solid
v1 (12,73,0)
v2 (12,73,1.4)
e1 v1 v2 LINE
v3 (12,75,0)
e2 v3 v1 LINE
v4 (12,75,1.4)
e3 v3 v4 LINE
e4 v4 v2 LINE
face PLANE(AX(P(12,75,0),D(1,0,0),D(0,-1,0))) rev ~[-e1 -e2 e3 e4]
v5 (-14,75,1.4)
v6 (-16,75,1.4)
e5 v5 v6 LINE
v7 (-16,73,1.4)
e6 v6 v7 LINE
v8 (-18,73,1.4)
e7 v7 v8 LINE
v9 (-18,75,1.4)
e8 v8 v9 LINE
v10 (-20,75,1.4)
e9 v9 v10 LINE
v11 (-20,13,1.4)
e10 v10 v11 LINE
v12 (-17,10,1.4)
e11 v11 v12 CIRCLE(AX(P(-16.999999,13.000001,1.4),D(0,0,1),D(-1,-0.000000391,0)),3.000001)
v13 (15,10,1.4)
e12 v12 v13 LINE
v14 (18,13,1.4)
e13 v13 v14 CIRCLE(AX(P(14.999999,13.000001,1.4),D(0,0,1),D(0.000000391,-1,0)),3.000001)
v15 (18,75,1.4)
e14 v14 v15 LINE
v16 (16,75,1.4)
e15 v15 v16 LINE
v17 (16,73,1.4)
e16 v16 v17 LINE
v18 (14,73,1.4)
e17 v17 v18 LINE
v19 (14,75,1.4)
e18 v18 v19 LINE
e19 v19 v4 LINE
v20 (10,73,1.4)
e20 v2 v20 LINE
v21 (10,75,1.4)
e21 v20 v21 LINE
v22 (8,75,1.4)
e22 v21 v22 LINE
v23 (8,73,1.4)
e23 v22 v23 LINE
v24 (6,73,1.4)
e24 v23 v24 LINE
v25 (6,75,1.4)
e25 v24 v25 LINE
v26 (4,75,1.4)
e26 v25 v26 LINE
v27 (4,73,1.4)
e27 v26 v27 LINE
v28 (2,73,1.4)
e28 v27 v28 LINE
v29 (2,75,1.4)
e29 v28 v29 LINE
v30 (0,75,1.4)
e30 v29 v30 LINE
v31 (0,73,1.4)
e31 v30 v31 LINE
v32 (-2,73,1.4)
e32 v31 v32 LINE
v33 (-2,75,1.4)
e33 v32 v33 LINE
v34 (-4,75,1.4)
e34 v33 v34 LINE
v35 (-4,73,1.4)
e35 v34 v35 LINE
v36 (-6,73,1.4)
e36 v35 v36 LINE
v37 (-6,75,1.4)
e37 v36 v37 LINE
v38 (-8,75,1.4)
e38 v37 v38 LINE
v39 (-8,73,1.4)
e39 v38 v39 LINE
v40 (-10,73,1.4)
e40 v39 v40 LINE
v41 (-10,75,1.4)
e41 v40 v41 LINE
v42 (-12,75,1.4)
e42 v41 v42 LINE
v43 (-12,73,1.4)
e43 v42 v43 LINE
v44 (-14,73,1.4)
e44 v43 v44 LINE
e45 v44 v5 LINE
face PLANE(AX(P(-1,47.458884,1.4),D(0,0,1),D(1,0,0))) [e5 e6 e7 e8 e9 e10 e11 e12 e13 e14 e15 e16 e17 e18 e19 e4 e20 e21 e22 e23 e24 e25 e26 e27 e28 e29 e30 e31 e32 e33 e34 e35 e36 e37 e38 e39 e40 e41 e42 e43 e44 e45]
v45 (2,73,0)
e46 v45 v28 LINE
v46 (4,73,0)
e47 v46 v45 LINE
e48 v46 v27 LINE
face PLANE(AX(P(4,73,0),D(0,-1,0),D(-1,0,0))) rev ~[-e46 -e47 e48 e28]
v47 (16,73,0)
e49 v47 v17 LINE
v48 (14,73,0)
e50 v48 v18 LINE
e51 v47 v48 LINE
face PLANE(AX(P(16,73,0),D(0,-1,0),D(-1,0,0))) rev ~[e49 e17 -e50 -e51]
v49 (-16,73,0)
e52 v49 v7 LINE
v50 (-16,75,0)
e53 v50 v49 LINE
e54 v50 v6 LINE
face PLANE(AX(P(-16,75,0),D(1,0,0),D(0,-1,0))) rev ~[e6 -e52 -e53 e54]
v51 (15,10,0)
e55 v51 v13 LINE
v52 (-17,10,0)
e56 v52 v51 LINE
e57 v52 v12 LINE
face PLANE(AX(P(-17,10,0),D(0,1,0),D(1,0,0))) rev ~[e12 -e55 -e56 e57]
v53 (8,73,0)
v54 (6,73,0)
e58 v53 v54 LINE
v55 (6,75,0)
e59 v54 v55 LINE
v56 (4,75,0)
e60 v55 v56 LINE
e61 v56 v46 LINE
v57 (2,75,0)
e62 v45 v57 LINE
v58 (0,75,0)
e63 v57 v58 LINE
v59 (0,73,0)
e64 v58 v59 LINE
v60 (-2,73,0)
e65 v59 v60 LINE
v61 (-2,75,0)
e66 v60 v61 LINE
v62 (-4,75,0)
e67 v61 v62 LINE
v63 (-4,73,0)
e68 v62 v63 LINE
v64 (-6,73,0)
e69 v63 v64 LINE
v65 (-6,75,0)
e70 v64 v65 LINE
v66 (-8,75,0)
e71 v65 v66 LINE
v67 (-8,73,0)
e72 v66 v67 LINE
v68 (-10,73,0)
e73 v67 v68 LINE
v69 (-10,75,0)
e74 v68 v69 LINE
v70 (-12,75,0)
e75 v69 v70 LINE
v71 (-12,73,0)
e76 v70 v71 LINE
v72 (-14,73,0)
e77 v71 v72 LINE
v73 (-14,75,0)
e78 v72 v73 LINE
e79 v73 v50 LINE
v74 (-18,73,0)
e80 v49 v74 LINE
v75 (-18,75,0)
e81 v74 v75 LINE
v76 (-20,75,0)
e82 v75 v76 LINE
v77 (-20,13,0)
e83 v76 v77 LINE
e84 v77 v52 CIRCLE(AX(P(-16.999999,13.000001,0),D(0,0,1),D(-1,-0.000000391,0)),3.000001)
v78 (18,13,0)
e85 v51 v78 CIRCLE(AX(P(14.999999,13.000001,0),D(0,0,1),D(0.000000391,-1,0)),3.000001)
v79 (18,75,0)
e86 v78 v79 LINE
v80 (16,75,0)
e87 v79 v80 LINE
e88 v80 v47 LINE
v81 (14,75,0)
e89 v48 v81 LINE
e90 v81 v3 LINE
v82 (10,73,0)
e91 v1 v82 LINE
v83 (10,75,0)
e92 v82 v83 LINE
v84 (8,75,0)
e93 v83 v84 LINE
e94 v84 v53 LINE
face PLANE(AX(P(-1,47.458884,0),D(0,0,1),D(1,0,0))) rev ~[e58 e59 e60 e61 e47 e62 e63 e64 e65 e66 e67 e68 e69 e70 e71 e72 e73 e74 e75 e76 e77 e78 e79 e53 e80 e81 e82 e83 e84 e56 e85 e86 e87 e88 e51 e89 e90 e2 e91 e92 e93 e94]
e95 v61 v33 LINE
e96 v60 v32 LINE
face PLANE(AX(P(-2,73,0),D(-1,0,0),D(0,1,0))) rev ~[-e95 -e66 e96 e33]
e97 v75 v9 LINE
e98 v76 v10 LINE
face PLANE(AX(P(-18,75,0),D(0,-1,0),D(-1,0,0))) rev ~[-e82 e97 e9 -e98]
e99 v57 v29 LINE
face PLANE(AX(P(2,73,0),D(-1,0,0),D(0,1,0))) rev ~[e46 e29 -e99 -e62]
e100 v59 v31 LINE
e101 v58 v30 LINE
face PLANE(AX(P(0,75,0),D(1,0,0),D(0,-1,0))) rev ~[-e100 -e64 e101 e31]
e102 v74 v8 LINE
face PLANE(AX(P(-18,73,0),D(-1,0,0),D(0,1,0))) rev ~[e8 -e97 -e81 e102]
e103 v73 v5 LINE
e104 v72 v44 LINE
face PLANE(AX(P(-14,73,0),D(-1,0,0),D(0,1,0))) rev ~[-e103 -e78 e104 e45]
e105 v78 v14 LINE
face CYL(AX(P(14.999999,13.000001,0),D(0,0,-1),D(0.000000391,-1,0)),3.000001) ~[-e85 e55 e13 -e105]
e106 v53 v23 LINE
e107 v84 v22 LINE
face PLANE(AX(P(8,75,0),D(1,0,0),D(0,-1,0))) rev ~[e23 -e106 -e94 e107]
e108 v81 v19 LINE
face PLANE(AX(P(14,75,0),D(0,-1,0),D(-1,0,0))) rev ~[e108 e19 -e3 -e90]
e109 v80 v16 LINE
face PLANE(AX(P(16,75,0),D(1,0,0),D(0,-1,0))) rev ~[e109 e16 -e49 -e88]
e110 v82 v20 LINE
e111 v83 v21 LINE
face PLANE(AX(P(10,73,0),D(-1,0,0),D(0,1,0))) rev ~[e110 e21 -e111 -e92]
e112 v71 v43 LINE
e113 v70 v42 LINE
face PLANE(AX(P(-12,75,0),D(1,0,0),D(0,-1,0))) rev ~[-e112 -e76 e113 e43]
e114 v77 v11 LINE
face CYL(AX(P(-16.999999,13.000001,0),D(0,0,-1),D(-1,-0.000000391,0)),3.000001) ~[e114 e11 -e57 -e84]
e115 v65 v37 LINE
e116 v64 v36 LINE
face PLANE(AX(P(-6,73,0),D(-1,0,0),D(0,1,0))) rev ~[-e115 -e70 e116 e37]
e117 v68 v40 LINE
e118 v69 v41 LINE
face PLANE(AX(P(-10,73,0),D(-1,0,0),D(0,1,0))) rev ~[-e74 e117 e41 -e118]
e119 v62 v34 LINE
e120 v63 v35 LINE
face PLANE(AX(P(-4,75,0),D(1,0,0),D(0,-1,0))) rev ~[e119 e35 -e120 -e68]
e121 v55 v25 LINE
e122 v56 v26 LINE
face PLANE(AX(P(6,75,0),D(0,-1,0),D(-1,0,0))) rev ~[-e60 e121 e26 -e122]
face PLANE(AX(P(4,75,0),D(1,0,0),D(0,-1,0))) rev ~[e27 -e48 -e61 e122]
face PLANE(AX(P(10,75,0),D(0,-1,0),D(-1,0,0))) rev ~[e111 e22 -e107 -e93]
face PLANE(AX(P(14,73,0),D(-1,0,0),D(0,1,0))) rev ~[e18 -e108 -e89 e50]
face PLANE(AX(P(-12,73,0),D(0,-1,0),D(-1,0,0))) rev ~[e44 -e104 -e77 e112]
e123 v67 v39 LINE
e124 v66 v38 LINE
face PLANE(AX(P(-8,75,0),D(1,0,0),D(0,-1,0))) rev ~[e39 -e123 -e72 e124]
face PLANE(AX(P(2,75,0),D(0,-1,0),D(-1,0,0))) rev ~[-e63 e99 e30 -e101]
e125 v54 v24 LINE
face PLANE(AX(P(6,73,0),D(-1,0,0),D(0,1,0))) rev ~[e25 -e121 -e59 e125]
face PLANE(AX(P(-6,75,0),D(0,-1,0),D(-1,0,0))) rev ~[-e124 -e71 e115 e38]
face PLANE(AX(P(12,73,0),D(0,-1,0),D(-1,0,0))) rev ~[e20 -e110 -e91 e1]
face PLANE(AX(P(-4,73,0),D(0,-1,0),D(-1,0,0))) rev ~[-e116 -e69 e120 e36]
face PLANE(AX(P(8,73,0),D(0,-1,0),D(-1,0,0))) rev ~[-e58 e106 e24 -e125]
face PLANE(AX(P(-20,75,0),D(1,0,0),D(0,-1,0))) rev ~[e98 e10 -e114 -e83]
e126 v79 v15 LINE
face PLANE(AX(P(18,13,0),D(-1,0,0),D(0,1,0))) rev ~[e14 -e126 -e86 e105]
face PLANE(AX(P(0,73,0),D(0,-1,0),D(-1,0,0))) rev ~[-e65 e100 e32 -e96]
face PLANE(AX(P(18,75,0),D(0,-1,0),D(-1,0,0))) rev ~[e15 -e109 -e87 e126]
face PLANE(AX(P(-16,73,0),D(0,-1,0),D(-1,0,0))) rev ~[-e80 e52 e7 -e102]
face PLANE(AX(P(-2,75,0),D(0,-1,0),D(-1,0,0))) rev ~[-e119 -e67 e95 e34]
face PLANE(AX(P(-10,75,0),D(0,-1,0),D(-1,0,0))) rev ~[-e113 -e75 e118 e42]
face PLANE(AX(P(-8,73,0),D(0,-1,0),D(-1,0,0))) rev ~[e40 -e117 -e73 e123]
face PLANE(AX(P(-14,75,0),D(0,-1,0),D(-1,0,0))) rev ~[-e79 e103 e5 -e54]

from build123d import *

# Parameters (mm, degrees)
F1_DEPTH = 1.4


with BuildPart() as f1:
    # F0 (on Top) → F1 (new body)
    with BuildSketch(Plane.XY):
        with BuildLine():
            Line((-18, 75), (-20, 75))
            Line((-20, 75), (-20, 73))
            Line((-20, 73), (-20, 13))
            ThreePointArc((-20, 13), (-19.12132, 10.87868), (-17, 10))
            Line((-17, 10), (-13, 10))
            Line((-13, 10), (13, 10))
            Line((13, 10), (15, 10))
            ThreePointArc((15, 10), (17.12132, 10.87868), (18, 13))
            Line((18, 13), (18, 73))
            Line((18, 73), (18, 75))
            Line((18, 75), (16, 75))
            Line((16, 75), (16, 73))
            Line((16, 73), (14, 73))
            Line((14, 73), (14, 75))
            Line((14, 75), (12, 75))
            Line((12, 75), (12, 73))
            Line((12, 73), (10, 73))
            Line((10, 73), (10, 75))
            Line((10, 75), (8, 75))
            Line((8, 75), (8, 73))
            Line((8, 73), (6, 73))
            Line((6, 73), (6, 75))
            Line((6, 75), (4, 75))
            Line((4, 75), (4, 73))
            Line((4, 73), (2, 73))
            Line((2, 73), (2, 75))
            Line((2, 75), (0, 75))
            Line((0, 75), (0, 73))
            Line((0, 73), (-2, 73))
            Line((-2, 73), (-2, 75))
            Line((-2, 75), (-4, 75))
            Line((-4, 75), (-4, 73))
            Line((-4, 73), (-6, 73))
            Line((-6, 73), (-6, 75))
            Line((-6, 75), (-8, 75))
            Line((-8, 75), (-8, 73))
            Line((-8, 73), (-10, 73))
            Line((-10, 73), (-10, 75))
            Line((-10, 75), (-12, 75))
            Line((-12, 75), (-12, 73))
            Line((-12, 73), (-14, 73))
            Line((-14, 73), (-14, 75))
            Line((-14, 75), (-16, 75))
            Line((-16, 75), (-16, 73))
            Line((-16, 73), (-18, 73))
            Line((-18, 73), (-18, 75))
        make_face()
    extrude(amount=F1_DEPTH)


solid = f1.part
